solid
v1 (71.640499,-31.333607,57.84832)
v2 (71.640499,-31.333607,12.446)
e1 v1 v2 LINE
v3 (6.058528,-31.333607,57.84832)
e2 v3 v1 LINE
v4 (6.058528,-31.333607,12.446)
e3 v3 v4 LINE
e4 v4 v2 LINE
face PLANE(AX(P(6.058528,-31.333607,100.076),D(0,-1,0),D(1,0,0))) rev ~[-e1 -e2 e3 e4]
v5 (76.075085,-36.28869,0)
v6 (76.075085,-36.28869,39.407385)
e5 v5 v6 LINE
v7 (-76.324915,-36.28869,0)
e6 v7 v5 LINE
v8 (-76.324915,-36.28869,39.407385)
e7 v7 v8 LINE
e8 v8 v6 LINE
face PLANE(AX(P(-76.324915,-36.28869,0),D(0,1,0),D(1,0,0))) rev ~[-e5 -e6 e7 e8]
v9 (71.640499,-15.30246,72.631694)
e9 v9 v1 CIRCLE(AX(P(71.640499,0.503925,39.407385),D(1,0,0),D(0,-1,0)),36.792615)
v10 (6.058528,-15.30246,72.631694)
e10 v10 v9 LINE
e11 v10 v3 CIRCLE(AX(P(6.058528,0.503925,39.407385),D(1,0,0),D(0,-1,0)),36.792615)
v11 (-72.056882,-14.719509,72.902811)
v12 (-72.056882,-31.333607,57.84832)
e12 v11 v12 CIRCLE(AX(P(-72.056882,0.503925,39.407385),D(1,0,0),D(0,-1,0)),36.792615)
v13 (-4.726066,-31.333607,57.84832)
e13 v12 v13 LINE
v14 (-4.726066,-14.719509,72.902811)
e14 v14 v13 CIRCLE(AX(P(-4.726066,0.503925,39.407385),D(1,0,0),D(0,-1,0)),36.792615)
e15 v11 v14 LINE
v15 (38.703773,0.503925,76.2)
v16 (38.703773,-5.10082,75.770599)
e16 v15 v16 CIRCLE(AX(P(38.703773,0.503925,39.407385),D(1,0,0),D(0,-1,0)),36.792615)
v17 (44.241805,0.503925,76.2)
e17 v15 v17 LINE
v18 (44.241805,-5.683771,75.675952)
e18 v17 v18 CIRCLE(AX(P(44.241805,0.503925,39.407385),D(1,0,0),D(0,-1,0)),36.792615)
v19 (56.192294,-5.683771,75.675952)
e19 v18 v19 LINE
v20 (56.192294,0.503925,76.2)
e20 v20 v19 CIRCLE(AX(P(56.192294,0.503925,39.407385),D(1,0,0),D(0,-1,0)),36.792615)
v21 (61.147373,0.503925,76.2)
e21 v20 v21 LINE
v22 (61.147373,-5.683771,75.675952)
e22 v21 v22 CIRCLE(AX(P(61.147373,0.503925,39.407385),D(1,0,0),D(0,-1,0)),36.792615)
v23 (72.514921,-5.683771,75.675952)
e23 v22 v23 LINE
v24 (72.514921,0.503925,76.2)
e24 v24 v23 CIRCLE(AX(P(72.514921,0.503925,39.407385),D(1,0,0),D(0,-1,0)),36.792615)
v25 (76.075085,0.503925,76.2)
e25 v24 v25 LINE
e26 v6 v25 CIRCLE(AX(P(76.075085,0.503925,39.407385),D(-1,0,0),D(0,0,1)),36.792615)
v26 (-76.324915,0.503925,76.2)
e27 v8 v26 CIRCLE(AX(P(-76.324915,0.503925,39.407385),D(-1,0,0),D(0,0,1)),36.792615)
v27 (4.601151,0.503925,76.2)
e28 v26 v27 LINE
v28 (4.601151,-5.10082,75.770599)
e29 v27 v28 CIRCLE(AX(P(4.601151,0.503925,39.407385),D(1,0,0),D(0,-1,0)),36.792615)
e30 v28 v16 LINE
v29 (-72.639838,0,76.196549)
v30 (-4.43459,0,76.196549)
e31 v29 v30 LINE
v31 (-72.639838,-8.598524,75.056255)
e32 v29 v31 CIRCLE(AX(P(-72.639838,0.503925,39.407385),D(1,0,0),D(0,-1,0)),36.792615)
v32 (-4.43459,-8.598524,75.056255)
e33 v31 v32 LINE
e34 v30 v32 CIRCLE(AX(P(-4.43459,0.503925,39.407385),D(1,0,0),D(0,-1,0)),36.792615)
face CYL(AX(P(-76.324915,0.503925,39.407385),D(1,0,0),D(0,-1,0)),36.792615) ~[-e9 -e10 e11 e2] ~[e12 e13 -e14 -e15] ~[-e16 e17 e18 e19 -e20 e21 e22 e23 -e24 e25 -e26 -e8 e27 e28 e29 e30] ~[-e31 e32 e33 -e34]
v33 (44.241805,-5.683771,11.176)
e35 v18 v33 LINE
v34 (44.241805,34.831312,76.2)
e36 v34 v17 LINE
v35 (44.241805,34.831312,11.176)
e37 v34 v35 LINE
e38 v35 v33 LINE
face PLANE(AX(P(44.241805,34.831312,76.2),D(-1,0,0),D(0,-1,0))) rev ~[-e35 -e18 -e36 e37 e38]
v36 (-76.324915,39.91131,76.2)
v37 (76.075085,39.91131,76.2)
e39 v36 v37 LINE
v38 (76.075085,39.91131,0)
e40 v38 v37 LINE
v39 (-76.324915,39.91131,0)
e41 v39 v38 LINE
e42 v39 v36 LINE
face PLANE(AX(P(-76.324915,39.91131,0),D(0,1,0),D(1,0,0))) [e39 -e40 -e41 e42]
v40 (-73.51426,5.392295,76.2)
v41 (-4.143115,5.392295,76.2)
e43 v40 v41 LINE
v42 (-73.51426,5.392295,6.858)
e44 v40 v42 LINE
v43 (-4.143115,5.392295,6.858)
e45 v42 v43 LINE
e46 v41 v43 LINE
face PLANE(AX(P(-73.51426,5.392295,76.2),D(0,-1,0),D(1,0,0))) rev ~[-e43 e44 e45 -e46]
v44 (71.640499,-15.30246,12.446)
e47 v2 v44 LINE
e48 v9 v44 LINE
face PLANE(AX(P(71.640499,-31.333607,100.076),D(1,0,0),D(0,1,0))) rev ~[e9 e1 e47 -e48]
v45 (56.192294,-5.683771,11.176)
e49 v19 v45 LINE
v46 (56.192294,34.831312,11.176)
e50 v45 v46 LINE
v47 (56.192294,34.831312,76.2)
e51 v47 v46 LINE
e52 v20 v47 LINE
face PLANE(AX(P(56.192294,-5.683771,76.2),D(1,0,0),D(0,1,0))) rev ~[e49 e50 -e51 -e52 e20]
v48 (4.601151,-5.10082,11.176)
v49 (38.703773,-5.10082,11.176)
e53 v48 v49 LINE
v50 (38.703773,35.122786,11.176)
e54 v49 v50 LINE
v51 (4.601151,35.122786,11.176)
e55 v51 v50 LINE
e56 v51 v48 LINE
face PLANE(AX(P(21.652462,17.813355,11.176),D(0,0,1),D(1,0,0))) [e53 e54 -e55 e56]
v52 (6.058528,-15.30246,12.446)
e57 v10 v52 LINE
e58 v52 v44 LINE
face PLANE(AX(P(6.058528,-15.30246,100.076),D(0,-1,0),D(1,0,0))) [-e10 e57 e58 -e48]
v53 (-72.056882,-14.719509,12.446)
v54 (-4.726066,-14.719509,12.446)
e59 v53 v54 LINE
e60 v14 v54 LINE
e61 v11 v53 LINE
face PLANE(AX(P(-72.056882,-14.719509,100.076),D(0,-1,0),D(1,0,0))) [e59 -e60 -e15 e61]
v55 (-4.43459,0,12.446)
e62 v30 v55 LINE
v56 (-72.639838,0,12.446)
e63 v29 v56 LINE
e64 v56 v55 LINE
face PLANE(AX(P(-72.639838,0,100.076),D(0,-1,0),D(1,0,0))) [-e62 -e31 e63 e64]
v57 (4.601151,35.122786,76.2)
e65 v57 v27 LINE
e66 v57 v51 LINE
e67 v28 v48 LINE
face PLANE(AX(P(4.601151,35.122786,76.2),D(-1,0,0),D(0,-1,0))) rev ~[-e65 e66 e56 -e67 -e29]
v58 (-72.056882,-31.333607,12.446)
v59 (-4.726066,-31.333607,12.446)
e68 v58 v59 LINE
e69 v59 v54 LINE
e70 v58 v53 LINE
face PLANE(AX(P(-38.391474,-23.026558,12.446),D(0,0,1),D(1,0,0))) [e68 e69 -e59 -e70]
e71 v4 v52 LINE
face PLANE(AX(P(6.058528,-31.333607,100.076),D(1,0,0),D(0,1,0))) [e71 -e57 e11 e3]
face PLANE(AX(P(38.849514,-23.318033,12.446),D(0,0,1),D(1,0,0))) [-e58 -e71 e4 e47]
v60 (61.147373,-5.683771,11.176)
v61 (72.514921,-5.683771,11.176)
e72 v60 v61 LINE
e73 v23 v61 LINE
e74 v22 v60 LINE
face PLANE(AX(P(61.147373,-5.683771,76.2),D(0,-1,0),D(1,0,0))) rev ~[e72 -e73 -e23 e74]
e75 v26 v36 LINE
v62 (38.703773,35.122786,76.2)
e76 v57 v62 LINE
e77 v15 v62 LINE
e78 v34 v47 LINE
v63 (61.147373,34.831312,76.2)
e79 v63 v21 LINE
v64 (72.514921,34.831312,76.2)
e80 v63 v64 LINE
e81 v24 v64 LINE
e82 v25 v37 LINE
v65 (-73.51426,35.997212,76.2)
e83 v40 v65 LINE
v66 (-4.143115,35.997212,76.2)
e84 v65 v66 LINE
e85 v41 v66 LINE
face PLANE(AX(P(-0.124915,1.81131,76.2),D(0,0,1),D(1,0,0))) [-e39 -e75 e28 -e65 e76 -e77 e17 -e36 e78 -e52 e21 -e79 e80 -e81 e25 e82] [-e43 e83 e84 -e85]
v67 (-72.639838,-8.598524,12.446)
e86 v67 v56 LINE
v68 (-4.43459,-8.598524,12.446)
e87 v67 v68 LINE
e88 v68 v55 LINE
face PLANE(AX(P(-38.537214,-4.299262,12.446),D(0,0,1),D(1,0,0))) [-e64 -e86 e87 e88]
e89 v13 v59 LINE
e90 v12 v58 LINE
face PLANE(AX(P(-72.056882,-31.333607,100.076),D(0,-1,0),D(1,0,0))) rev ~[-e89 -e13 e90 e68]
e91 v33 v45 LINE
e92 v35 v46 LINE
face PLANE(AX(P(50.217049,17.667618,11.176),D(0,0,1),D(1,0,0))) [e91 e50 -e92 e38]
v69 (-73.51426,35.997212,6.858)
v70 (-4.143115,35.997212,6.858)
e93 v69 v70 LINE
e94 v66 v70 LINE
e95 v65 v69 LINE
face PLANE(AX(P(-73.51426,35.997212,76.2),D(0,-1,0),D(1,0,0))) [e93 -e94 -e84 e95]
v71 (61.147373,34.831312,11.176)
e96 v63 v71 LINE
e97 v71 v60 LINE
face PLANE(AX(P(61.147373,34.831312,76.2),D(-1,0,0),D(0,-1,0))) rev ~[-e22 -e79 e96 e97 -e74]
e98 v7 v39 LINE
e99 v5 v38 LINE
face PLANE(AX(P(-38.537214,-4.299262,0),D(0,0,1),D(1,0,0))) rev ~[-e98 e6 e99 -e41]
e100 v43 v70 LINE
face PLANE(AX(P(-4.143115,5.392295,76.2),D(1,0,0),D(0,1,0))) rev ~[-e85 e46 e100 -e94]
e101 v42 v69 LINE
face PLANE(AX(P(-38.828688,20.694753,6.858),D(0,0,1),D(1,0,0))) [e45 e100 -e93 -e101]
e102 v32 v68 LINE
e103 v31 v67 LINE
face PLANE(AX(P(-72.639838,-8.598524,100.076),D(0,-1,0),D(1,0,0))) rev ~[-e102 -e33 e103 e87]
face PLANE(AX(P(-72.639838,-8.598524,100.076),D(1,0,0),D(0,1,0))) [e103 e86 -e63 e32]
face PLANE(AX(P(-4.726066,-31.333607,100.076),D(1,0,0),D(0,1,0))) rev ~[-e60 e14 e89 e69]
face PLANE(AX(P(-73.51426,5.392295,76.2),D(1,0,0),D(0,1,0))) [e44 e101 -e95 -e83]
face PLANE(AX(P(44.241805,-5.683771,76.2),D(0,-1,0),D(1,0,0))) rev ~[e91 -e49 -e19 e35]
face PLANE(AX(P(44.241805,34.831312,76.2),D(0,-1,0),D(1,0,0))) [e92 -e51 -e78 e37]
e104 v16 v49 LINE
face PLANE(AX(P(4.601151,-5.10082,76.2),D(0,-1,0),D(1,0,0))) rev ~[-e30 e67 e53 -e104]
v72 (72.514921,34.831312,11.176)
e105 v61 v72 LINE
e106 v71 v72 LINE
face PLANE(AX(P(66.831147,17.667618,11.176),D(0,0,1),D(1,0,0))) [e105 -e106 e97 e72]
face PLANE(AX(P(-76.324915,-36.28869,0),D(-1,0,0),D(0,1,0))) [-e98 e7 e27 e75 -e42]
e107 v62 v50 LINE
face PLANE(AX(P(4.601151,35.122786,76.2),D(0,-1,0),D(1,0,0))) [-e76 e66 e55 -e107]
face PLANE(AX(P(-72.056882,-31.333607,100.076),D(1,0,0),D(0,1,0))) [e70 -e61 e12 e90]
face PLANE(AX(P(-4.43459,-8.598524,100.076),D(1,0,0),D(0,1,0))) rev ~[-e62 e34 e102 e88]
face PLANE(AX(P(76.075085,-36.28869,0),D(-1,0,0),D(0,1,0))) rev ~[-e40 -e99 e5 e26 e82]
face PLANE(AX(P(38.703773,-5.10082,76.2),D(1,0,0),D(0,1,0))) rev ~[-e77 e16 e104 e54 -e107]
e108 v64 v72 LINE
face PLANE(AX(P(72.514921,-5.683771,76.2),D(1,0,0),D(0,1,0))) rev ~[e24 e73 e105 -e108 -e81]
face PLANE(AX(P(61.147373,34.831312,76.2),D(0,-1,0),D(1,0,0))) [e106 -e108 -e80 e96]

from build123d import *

# Parameters (mm, degrees)
F0_W      = 152.4
F0_H      = 76.2
F1_DEPTH  = 76.2
F2_R      = 36.7926146906
F3_W      = 69.3711452186
F3_H      = 30.6049170904
F4_DEPTH  = 69.342
F5_W      = 34.1026219539
F5_H      = 34.6188608486
F5_H_2    = 5.6047446165
F5_W_2    = 11.9504891336
F5_H_3    = 34.3273866851
F5_H_4    = 6.1876957375
F5_W_3    = 11.3675482571
F6_DEPTH  = 65.024
F7_W      = 65.5819708481
F7_H      = 16.0311469808
F8_DEPTH  = 83.82
F9_DEPTH  = 66.548
F7_W_2    = 68.2052476332
F7_H_2    = 8.5985241458
F7_W_3    = 67.330816295
F7_H_3    = 16.6140981019
F10_DEPTH = 100.076
F11_DEPTH = 87.63


with BuildPart() as f1:
    # F0 (on Top) → F1 (new body)
    with BuildSketch(Plane.XY):
        with Locations((-0.1249154925, 1.811310178)):
            Rectangle(F0_W, F0_H)
    extrude(amount=F1_DEPTH)

    # F2
    f2_edges = [f1.edges().sort_by_distance(p)[0] for p in [
        (-0.124915, -36.28869, 76.2),
    ]]
    fillet(f2_edges, radius=F2_R)

    # F3 (on face) → F4 (cut)
    with BuildSketch(Plane.XY.offset(76.2)):
        with Locations((-38.8286877424, 20.6947533879)):
            Rectangle(F3_W, F3_H)
    extrude(amount=-F4_DEPTH, mode=Mode.SUBTRACT)

    # F5 (on face) → F6 (cut)
    with BuildSketch(Plane.XY.offset(76.2)):
        with Locations((21.6524621937, 17.8133552929)):
            Rectangle(F5_W, F5_H)
        with Locations((21.6524621937, -2.2984474396)):
            Rectangle(F5_W, F5_H_2)
        with Locations((50.2170491964, 17.6676182112)):
            Rectangle(F5_W_2, F5_H_3)
        with Locations((50.2170491964, -2.5899230002)):
            Rectangle(F5_W_2, F5_H_4)
        with Locations((66.8311472982, 17.6676182112)):
            Rectangle(F5_W_3, F5_H_3)
        with Locations((66.8311472982, -2.5899230002)):
            Rectangle(F5_W_3, F5_H_4)
    extrude(amount=-F6_DEPTH, mode=Mode.SUBTRACT)

    # F7 (on Top) → F8 (join)
    with BuildSketch(Plane.XY):
        with Locations((38.8495135121, -23.3180331998)):
            Rectangle(F7_W, F7_H)
    extrude(amount=F8_DEPTH)

    # F9 (cut): a face of the model
    f9_faces = [f1.faces().sort_by_distance(p)[0] for p in [
        (38.8495135121, -23.3180331998, 83.82),
    ]]
    extrude(f9_faces, amount=-F9_DEPTH, mode=Mode.SUBTRACT)

    # F7 (on Top) → F10 (join)
    with BuildSketch(Plane.XY):
        with Locations((-38.5372140445, -4.2992620729)):
            Rectangle(F7_W_2, F7_H_2)
        with Locations((-38.3914739359, -23.0265576392)):
            Rectangle(F7_W_3, F7_H_3)
        with Locations((38.8495135121, -23.3180331998)):
            Rectangle(F7_W, F7_H)
    extrude(amount=F10_DEPTH)

    # F11 (cut): faces of the model
    f11_faces = [f1.faces().sort_by_distance(p)[0] for p in [
        (-38.3914739359, -23.0265576392, 100.076),
        (-38.5372140445, -4.2992620729, 100.076),
        (38.8495135121, -23.3180331998, 100.076),
    ]]
    extrude(f11_faces, amount=-F11_DEPTH, mode=Mode.SUBTRACT)


solid = f1.part
